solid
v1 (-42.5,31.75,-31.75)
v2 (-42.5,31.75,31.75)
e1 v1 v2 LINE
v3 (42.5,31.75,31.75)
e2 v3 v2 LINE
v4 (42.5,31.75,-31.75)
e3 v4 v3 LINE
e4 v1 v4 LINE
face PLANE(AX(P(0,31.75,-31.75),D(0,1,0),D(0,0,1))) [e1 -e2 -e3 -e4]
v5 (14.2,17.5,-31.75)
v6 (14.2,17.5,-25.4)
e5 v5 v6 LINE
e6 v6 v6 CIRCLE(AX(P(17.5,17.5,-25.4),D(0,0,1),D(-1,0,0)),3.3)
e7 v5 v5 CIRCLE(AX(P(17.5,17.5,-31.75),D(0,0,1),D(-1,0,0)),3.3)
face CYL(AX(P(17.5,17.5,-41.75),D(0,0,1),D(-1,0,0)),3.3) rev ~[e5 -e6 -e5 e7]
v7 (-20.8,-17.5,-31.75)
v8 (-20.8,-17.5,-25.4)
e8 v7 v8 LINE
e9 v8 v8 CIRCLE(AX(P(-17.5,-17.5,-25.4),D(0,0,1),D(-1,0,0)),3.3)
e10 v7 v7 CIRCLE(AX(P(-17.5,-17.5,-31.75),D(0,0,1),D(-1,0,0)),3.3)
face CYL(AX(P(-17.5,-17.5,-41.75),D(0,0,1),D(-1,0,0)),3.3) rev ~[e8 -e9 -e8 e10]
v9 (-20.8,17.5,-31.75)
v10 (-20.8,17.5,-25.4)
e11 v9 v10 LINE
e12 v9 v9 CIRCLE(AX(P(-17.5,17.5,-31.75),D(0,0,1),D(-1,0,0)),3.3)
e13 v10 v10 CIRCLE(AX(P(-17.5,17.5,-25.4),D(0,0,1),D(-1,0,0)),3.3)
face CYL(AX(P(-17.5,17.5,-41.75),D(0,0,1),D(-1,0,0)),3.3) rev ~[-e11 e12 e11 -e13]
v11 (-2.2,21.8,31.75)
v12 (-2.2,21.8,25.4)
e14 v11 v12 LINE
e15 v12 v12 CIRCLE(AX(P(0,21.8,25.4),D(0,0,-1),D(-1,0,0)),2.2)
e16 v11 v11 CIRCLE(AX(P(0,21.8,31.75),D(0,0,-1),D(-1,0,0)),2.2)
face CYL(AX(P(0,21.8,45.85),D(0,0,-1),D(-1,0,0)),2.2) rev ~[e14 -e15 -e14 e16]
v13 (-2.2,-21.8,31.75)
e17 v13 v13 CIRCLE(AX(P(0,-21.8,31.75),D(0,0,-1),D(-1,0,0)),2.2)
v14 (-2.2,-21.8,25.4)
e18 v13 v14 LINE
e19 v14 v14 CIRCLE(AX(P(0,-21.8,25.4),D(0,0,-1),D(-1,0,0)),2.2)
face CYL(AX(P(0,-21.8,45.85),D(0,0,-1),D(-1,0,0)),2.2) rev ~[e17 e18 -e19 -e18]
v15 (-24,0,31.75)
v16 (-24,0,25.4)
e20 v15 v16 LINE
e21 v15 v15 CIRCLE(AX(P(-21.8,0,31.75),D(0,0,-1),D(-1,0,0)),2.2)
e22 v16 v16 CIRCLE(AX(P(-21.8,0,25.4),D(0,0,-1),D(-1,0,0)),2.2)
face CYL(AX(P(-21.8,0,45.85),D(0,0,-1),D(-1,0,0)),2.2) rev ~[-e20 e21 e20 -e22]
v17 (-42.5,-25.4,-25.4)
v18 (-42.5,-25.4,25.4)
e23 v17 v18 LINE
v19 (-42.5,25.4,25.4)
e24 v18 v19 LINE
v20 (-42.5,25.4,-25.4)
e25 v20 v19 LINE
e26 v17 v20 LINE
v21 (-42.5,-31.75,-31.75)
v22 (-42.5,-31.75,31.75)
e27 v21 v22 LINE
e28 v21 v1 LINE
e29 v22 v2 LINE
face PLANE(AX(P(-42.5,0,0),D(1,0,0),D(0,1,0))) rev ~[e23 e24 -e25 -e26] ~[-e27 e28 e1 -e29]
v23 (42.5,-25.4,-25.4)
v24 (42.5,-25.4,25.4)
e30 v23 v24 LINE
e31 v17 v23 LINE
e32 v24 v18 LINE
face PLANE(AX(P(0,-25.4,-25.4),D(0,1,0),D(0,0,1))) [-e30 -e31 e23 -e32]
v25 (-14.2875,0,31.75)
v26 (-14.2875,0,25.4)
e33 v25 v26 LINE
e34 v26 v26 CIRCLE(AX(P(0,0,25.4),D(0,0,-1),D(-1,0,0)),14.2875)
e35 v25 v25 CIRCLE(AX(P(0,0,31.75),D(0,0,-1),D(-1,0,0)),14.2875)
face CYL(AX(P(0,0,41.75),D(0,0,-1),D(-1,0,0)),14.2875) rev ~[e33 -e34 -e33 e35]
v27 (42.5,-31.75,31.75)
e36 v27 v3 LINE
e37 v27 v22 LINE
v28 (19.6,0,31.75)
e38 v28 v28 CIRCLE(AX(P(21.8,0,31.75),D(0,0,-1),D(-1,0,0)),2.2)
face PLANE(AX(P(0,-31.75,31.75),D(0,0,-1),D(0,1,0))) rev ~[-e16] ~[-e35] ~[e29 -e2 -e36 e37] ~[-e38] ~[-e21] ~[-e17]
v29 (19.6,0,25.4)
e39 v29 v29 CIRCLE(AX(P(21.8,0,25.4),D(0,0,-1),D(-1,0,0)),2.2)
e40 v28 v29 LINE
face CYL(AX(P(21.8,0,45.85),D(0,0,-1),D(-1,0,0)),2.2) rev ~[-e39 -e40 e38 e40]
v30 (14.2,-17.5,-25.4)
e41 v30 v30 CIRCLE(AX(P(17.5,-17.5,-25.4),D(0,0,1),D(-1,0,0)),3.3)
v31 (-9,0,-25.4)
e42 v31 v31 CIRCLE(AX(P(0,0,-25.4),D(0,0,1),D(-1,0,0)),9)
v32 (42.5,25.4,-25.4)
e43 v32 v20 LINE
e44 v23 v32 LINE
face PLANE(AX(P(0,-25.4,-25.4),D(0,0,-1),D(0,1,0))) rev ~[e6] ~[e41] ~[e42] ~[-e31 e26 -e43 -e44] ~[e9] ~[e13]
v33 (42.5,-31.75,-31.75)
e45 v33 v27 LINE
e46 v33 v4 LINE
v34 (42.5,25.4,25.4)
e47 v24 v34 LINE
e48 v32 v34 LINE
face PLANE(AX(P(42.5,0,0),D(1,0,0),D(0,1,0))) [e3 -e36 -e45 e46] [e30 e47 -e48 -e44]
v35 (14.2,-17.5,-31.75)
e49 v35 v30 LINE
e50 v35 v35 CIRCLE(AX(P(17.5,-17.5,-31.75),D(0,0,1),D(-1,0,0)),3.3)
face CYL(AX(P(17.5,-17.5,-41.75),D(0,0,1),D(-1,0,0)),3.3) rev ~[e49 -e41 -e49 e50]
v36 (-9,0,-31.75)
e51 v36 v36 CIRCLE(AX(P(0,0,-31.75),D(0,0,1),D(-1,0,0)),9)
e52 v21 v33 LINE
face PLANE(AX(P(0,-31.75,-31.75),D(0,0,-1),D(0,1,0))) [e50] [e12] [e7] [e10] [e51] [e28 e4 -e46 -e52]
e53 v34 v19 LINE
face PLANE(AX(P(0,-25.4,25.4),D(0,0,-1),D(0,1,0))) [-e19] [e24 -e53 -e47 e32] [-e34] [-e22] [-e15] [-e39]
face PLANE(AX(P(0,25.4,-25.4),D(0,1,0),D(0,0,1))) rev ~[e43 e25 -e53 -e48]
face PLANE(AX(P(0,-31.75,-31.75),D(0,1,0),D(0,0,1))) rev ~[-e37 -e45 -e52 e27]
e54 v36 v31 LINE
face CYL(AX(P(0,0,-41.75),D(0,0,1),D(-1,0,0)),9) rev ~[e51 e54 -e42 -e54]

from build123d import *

# Parameters (mm, degrees)
F0_W          = 63.5
F0_H          = 63.5
F0_W_2        = 50.8
F0_H_2        = 50.8
F1_DEPTH      = 42.5
F1_DEPTH_BACK = 42.5
F3_D          = 4.4
F3_DEPTH      = 14.1
F3_TIP        = 1.3218933619
F5_D          = 28.575
F5_DEPTH      = 10
F5_TIP        = 8.5847960944
F7_D          = 6.6
F7_DEPTH      = 10
F7_TIP        = 1.9828400428
F9_D          = 18
F9_DEPTH      = 10
F9_TIP        = 5.4077455712


with BuildPart() as f1:
    # F0 (on Right) → F1 (new body, two sides)
    with BuildSketch(Plane.YZ) as f1_sk:
        Rectangle(F0_W, F0_H)
        Rectangle(F0_W_2, F0_H_2, mode=Mode.SUBTRACT)
    extrude(amount=F1_DEPTH)
    extrude(f1_sk.sketch, amount=-F1_DEPTH_BACK)

    # F3
    with Locations(Plane.XY.offset(31.75)):
        with Locations((-21.8, 0), (0, -21.8), (21.8, 0), (0, 21.8)):
            Hole(F3_D / 2, depth=F3_DEPTH)
            with Locations((0, 0, -(F3_DEPTH + F3_TIP / 2))):  # 118° drill point
                Cone(0, F3_D / 2, F3_TIP, mode=Mode.SUBTRACT)

    # F5
    with Locations(Plane.XY.offset(31.75)):
        with Locations((0, 0)):
            Hole(F5_D / 2, depth=F5_DEPTH)
            with Locations((0, 0, -(F5_DEPTH + F5_TIP / 2))):  # 118° drill point
                Cone(0, F5_D / 2, F5_TIP, mode=Mode.SUBTRACT)

    # F7
    with Locations(Plane(origin=(0, 0, -31.75), x_dir=(1, 0, 0), z_dir=(0, 0, -1))):
        with Locations((-17.5, -17.5), (-17.5, 17.5), (17.5, 17.5), (17.5, -17.5)):
            Hole(F7_D / 2, depth=F7_DEPTH)
            with Locations((0, 0, -(F7_DEPTH + F7_TIP / 2))):  # 118° drill point
                Cone(0, F7_D / 2, F7_TIP, mode=Mode.SUBTRACT)

    # F9
    with Locations(Plane(origin=(0, 0, -31.75), x_dir=(1, 0, 0), z_dir=(0, 0, -1))):
        with Locations((0, 0)):
            Hole(F9_D / 2, depth=F9_DEPTH)
            with Locations((0, 0, -(F9_DEPTH + F9_TIP / 2))):  # 118° drill point
                Cone(0, F9_D / 2, F9_TIP, mode=Mode.SUBTRACT)


solid = f1.part
